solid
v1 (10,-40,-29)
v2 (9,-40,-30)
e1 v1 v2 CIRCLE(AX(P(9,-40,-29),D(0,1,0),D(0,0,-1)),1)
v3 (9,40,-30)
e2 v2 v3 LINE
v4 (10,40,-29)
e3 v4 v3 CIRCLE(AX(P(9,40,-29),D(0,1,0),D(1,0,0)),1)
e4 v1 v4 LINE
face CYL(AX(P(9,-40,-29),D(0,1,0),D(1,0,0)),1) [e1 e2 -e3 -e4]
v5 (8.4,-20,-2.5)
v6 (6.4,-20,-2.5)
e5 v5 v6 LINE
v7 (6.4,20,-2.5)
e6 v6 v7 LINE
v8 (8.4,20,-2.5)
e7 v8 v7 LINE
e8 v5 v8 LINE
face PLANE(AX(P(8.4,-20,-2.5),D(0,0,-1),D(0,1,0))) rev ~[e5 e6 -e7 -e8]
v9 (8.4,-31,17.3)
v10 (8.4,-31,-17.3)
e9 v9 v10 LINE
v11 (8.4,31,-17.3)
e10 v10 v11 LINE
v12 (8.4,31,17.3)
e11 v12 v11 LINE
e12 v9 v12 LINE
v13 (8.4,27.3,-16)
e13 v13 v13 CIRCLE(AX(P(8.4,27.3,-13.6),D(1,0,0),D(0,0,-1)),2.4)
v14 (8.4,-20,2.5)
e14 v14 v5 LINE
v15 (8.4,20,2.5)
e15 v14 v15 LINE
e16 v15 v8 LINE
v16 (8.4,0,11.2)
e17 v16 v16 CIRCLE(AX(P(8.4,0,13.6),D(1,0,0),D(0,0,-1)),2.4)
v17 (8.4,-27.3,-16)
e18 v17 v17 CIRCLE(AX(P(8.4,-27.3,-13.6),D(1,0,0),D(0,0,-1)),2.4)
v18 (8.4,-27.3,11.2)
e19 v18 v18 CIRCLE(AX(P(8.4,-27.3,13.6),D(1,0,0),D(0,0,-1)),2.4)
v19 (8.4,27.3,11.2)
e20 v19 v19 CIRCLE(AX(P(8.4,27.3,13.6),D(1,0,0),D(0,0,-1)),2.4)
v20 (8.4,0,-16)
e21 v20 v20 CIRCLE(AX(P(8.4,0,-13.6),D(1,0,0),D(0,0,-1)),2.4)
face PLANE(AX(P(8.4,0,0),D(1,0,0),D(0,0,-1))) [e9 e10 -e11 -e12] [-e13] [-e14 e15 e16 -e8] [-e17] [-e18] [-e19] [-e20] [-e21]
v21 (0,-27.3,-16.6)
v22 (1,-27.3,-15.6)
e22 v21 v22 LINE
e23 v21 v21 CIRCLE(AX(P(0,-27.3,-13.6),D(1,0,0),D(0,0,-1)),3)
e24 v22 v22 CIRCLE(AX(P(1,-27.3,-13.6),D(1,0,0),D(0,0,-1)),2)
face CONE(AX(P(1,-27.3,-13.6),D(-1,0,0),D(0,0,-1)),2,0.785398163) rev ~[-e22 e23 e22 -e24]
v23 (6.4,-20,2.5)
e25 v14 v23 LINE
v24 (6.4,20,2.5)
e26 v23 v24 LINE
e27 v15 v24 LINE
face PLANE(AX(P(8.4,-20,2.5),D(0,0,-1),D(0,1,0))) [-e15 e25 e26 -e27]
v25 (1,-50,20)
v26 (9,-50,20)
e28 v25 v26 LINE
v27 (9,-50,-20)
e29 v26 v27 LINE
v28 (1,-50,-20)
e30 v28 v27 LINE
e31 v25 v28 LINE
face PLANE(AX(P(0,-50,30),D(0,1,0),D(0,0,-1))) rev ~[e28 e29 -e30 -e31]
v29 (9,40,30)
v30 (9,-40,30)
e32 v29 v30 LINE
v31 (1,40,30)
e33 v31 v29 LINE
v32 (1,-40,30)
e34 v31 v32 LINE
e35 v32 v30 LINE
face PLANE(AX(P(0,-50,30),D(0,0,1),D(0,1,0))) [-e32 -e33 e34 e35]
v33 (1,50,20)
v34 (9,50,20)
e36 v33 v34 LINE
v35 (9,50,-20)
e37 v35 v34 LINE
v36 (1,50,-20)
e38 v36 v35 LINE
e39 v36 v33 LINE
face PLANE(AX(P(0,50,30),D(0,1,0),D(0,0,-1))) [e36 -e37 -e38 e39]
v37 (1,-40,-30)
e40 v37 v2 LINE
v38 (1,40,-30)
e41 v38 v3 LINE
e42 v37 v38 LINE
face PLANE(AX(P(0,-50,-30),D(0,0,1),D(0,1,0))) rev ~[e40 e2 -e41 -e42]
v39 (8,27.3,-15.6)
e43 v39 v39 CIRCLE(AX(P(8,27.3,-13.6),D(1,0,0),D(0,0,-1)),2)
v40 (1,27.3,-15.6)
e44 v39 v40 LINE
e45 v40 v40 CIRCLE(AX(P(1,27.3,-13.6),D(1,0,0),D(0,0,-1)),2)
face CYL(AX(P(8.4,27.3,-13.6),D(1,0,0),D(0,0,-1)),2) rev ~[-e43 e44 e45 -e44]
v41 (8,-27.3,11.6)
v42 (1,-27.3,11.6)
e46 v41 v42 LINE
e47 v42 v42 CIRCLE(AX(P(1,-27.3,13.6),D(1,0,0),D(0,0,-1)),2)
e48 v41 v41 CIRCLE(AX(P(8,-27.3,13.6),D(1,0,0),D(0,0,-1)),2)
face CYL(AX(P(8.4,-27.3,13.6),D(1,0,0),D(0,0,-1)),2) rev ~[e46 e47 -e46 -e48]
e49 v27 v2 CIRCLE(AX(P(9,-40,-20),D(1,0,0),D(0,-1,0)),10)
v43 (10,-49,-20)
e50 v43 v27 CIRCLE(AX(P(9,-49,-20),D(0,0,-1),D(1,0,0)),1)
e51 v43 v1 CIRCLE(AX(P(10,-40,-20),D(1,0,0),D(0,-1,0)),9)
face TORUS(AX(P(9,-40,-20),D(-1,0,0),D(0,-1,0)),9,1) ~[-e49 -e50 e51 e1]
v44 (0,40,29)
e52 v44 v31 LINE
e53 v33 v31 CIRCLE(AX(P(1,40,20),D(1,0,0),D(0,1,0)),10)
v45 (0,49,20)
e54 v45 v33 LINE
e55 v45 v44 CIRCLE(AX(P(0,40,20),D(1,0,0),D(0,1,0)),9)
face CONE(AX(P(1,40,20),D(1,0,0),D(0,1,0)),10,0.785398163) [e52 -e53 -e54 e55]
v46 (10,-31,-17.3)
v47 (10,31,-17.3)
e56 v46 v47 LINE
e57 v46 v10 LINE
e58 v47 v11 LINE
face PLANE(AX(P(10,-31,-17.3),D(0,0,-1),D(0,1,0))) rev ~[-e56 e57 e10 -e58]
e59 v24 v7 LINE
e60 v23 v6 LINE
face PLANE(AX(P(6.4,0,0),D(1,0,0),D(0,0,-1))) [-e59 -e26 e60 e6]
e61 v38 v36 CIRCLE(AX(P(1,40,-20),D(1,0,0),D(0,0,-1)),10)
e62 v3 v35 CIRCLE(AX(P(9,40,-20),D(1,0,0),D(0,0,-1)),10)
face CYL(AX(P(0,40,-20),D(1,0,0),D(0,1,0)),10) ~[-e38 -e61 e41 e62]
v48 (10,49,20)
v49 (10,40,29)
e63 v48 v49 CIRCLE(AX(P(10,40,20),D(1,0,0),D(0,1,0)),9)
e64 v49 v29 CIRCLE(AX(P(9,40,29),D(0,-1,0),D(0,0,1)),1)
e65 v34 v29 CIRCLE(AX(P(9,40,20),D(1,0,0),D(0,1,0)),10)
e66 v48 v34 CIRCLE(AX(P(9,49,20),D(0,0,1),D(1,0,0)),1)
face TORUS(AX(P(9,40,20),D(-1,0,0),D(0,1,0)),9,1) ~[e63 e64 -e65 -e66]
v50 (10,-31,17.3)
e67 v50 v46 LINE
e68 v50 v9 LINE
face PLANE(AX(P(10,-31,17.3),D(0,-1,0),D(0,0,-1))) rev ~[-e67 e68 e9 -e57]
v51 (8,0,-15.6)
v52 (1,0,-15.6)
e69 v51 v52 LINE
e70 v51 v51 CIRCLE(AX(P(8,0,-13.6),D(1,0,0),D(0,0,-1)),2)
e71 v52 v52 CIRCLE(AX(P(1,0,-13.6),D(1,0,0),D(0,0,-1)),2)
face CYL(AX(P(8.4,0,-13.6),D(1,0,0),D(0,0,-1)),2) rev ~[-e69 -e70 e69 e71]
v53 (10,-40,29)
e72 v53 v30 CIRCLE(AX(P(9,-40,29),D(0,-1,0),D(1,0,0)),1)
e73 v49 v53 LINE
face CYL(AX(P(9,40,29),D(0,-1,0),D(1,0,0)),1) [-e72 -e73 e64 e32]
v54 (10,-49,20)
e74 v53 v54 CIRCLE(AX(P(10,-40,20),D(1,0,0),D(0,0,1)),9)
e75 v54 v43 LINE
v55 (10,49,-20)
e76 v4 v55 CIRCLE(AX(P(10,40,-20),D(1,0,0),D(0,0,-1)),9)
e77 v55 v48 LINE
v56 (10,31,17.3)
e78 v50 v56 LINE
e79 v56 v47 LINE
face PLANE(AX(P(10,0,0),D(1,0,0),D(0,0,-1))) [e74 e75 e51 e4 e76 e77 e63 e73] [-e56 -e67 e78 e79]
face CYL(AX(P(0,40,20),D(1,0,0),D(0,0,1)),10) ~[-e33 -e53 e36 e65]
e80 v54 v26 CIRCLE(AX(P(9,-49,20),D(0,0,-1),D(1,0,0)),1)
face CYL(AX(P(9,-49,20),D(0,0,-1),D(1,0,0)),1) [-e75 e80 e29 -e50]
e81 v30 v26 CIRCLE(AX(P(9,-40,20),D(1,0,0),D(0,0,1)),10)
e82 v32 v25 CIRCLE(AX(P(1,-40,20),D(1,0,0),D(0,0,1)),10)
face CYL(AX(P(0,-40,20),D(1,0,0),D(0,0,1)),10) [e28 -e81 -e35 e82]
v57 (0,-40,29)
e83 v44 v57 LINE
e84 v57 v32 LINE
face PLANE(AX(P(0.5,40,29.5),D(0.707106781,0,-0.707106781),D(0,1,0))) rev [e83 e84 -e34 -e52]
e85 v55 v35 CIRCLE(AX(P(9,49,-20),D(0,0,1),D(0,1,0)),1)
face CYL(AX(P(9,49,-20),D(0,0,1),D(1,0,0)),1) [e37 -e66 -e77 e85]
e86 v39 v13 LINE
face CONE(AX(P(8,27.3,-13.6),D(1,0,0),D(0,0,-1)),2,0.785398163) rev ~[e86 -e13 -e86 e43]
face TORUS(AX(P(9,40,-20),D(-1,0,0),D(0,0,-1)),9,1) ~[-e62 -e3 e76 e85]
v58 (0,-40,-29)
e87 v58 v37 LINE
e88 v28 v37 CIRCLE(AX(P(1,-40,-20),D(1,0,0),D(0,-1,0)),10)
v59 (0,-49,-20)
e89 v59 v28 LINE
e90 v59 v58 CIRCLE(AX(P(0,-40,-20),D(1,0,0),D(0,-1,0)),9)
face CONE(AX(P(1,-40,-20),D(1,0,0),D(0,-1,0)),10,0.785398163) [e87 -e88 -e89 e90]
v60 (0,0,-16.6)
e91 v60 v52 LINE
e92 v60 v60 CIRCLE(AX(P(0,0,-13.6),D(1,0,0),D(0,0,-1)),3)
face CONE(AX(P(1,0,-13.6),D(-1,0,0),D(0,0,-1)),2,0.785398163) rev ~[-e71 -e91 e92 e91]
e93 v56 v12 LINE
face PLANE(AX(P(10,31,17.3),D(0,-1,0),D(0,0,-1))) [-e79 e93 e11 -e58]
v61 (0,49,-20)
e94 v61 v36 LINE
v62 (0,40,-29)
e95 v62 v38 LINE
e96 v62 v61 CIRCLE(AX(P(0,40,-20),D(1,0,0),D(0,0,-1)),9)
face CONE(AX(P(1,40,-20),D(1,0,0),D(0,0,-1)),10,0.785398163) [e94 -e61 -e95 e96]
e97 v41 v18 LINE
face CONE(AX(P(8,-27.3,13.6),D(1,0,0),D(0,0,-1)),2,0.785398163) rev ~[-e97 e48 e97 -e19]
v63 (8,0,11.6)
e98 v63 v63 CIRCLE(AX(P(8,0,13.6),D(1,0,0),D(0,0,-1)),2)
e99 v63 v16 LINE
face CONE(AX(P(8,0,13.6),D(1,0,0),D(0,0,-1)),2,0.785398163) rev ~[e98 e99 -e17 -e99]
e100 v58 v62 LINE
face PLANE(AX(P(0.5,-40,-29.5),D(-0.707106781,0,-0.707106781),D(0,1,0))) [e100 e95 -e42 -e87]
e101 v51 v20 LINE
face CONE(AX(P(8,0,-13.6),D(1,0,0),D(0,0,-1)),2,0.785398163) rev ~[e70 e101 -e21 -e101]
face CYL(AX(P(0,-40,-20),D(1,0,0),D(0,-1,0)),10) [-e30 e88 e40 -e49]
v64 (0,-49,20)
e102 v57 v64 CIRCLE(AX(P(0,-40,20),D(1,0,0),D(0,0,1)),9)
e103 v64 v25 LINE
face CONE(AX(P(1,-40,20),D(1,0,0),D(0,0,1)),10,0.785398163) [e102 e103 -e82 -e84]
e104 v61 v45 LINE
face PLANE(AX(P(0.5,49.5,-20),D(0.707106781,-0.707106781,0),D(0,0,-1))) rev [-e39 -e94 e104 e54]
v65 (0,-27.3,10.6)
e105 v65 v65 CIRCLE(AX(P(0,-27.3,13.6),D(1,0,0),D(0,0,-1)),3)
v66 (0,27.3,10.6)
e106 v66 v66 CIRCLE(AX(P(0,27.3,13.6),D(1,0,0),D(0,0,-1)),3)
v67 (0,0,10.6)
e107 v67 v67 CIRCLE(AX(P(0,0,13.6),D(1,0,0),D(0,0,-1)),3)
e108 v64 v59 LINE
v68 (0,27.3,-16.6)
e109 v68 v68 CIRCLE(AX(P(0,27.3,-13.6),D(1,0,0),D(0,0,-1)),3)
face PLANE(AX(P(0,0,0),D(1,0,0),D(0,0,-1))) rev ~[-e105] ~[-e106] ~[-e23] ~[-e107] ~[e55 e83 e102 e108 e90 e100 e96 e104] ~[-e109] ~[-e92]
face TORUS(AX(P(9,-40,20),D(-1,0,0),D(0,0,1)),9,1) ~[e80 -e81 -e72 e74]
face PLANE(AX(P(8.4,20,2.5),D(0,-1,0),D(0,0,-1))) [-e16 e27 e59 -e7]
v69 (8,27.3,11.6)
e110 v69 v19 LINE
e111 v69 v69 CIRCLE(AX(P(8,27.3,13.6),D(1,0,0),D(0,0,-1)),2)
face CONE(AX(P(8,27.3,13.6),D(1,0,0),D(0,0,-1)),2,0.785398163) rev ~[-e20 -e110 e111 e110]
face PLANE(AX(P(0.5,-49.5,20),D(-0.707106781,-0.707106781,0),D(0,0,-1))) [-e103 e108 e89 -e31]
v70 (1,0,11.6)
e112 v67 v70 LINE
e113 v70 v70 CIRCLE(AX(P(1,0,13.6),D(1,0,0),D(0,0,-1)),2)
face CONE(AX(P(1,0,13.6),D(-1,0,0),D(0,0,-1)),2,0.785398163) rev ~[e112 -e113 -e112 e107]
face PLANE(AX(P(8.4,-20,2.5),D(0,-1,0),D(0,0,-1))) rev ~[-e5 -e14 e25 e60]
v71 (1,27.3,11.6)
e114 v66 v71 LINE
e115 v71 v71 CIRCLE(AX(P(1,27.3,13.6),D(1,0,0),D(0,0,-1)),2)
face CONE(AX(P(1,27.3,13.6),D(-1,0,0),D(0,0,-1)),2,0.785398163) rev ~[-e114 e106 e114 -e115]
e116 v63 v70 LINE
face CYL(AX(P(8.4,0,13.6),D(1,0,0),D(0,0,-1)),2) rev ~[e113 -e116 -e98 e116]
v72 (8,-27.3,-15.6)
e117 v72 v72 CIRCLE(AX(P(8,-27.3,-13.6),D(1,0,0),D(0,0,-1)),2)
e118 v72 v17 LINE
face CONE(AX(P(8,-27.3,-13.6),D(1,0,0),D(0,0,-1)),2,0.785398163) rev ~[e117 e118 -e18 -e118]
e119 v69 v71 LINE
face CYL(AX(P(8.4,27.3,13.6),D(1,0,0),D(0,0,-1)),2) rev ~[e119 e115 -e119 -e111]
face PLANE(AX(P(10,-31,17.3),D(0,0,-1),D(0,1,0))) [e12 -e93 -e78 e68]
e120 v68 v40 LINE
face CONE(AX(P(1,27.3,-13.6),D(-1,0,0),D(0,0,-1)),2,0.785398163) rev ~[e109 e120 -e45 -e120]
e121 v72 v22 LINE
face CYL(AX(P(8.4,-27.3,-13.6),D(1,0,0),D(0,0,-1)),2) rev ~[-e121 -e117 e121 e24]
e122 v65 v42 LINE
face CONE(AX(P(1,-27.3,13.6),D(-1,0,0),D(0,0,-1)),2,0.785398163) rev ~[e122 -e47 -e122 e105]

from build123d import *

# Parameters (mm, degrees)
SKETCH1_W           = 60
SKETCH1_H           = 100
BOSS_EXTRUDE1_DEPTH = 10
SKETCH2_W           = 34.6
SKETCH2_H           = 62
CUT_EXTRUDE1_DEPTH  = 1.6
SKETCH3_R           = 2
CUT_EXTRUDE2_DEPTH  = 59.911458987
FILLET1_R           = 10
FILLET2_R           = 1
CHAMFER1_SIZE       = 1
CHAMFER2_SIZE       = 0.4
SKETCH4_W           = 5
SKETCH4_H           = 40
CUT_EXTRUDE3_DEPTH  = 2


with BuildPart() as part:
    # Sketch1 → Boss-Extrude1 (new body)
    with BuildSketch(Plane(origin=(0, 0, 0), x_dir=(0, 0, -1), z_dir=(1, 0, 0))):
        Rectangle(SKETCH1_W, SKETCH1_H)
    extrude(amount=BOSS_EXTRUDE1_DEPTH)

    # Sketch2 → Cut-Extrude1 (cut)
    with BuildSketch(Plane(origin=(10, 0, 0), x_dir=(0, 0, -1), z_dir=(1, 0, 0))):
        Rectangle(SKETCH2_W, SKETCH2_H)
    extrude(amount=-CUT_EXTRUDE1_DEPTH, mode=Mode.SUBTRACT)

    # Sketch3 → Cut-Extrude2 (cut, through all)
    with BuildSketch(Plane(origin=(8.4, 0, 0), x_dir=(0, 0, -1), z_dir=(1, 0, 0))):
        with Locations((-13.6, 27.3)):
            Circle(SKETCH3_R)
        with Locations((13.6, 27.3)):
            Circle(SKETCH3_R)
        with Locations((-13.6, 0)):
            Circle(SKETCH3_R)
        with Locations((13.6, 0)):
            Circle(SKETCH3_R)
        with Locations((-13.6, -27.3)):
            Circle(SKETCH3_R)
        with Locations((13.6, -27.3)):
            Circle(SKETCH3_R)
    extrude(amount=-CUT_EXTRUDE2_DEPTH, mode=Mode.SUBTRACT)

    # Fillet1
    fillet1_edges = [part.edges().sort_by_distance(p)[0] for p in [
        (5, -50, -30),
        (5, -50, 30),
        (5, 50, 30),
        (5, 50, -30),
    ]]
    fillet(fillet1_edges, radius=FILLET1_R)

    # Fillet2
    fillet2_edges = [part.edges().sort_by_distance(p)[0] for p in [
        (10, -50, 0),
        (10, 0, 30),
        (10, 0, -30),
        (10, 50, 0),
        (10, -47.071067812, -27.071067812),
        (10, 47.071067812, -27.071067812),
        (10, 47.071067812, 27.071067812),
        (10, -47.071067812, 27.071067812),
    ]]
    fillet(fillet2_edges, radius=FILLET2_R)

    # Chamfer1
    chamfer1_edges = [part.edges().sort_by_distance(p)[0] for p in [
        (0, -27.3, 15.6),
        (0, 0, -11.6),
        (0, 0, 15.6),
        (0, 27.3, -11.6),
        (0, -27.3, -11.6),
        (0, 27.3, 15.6),
        (0, -50, 0),
        (0, 0, -30),
        (0, 0, 30),
        (0, 50, 0),
        (0, -47.071067812, -27.071067812),
        (0, 47.071067812, -27.071067812),
        (0, 47.071067812, 27.071067812),
        (0, -47.071067812, 27.071067812),
    ]]
    chamfer(chamfer1_edges, length=CHAMFER1_SIZE)

    # Chamfer2
    chamfer2_edges = [part.edges().sort_by_distance(p)[0] for p in [
        (8.4, -27.3, 15.6),
        (8.4, 0, -11.6),
        (8.4, 0, 15.6),
        (8.4, 27.3, -11.6),
        (8.4, -27.3, -11.6),
        (8.4, 27.3, 15.6),
    ]]
    chamfer(chamfer2_edges, length=CHAMFER2_SIZE)

    # Sketch4 → Cut-Extrude3 (cut)
    with BuildSketch(Plane(origin=(8.4, 0, 0), x_dir=(0, 0, -1), z_dir=(1, 0, 0))):
        Rectangle(SKETCH4_W, SKETCH4_H)
    extrude(amount=-CUT_EXTRUDE3_DEPTH, mode=Mode.SUBTRACT)


solid = part.part
